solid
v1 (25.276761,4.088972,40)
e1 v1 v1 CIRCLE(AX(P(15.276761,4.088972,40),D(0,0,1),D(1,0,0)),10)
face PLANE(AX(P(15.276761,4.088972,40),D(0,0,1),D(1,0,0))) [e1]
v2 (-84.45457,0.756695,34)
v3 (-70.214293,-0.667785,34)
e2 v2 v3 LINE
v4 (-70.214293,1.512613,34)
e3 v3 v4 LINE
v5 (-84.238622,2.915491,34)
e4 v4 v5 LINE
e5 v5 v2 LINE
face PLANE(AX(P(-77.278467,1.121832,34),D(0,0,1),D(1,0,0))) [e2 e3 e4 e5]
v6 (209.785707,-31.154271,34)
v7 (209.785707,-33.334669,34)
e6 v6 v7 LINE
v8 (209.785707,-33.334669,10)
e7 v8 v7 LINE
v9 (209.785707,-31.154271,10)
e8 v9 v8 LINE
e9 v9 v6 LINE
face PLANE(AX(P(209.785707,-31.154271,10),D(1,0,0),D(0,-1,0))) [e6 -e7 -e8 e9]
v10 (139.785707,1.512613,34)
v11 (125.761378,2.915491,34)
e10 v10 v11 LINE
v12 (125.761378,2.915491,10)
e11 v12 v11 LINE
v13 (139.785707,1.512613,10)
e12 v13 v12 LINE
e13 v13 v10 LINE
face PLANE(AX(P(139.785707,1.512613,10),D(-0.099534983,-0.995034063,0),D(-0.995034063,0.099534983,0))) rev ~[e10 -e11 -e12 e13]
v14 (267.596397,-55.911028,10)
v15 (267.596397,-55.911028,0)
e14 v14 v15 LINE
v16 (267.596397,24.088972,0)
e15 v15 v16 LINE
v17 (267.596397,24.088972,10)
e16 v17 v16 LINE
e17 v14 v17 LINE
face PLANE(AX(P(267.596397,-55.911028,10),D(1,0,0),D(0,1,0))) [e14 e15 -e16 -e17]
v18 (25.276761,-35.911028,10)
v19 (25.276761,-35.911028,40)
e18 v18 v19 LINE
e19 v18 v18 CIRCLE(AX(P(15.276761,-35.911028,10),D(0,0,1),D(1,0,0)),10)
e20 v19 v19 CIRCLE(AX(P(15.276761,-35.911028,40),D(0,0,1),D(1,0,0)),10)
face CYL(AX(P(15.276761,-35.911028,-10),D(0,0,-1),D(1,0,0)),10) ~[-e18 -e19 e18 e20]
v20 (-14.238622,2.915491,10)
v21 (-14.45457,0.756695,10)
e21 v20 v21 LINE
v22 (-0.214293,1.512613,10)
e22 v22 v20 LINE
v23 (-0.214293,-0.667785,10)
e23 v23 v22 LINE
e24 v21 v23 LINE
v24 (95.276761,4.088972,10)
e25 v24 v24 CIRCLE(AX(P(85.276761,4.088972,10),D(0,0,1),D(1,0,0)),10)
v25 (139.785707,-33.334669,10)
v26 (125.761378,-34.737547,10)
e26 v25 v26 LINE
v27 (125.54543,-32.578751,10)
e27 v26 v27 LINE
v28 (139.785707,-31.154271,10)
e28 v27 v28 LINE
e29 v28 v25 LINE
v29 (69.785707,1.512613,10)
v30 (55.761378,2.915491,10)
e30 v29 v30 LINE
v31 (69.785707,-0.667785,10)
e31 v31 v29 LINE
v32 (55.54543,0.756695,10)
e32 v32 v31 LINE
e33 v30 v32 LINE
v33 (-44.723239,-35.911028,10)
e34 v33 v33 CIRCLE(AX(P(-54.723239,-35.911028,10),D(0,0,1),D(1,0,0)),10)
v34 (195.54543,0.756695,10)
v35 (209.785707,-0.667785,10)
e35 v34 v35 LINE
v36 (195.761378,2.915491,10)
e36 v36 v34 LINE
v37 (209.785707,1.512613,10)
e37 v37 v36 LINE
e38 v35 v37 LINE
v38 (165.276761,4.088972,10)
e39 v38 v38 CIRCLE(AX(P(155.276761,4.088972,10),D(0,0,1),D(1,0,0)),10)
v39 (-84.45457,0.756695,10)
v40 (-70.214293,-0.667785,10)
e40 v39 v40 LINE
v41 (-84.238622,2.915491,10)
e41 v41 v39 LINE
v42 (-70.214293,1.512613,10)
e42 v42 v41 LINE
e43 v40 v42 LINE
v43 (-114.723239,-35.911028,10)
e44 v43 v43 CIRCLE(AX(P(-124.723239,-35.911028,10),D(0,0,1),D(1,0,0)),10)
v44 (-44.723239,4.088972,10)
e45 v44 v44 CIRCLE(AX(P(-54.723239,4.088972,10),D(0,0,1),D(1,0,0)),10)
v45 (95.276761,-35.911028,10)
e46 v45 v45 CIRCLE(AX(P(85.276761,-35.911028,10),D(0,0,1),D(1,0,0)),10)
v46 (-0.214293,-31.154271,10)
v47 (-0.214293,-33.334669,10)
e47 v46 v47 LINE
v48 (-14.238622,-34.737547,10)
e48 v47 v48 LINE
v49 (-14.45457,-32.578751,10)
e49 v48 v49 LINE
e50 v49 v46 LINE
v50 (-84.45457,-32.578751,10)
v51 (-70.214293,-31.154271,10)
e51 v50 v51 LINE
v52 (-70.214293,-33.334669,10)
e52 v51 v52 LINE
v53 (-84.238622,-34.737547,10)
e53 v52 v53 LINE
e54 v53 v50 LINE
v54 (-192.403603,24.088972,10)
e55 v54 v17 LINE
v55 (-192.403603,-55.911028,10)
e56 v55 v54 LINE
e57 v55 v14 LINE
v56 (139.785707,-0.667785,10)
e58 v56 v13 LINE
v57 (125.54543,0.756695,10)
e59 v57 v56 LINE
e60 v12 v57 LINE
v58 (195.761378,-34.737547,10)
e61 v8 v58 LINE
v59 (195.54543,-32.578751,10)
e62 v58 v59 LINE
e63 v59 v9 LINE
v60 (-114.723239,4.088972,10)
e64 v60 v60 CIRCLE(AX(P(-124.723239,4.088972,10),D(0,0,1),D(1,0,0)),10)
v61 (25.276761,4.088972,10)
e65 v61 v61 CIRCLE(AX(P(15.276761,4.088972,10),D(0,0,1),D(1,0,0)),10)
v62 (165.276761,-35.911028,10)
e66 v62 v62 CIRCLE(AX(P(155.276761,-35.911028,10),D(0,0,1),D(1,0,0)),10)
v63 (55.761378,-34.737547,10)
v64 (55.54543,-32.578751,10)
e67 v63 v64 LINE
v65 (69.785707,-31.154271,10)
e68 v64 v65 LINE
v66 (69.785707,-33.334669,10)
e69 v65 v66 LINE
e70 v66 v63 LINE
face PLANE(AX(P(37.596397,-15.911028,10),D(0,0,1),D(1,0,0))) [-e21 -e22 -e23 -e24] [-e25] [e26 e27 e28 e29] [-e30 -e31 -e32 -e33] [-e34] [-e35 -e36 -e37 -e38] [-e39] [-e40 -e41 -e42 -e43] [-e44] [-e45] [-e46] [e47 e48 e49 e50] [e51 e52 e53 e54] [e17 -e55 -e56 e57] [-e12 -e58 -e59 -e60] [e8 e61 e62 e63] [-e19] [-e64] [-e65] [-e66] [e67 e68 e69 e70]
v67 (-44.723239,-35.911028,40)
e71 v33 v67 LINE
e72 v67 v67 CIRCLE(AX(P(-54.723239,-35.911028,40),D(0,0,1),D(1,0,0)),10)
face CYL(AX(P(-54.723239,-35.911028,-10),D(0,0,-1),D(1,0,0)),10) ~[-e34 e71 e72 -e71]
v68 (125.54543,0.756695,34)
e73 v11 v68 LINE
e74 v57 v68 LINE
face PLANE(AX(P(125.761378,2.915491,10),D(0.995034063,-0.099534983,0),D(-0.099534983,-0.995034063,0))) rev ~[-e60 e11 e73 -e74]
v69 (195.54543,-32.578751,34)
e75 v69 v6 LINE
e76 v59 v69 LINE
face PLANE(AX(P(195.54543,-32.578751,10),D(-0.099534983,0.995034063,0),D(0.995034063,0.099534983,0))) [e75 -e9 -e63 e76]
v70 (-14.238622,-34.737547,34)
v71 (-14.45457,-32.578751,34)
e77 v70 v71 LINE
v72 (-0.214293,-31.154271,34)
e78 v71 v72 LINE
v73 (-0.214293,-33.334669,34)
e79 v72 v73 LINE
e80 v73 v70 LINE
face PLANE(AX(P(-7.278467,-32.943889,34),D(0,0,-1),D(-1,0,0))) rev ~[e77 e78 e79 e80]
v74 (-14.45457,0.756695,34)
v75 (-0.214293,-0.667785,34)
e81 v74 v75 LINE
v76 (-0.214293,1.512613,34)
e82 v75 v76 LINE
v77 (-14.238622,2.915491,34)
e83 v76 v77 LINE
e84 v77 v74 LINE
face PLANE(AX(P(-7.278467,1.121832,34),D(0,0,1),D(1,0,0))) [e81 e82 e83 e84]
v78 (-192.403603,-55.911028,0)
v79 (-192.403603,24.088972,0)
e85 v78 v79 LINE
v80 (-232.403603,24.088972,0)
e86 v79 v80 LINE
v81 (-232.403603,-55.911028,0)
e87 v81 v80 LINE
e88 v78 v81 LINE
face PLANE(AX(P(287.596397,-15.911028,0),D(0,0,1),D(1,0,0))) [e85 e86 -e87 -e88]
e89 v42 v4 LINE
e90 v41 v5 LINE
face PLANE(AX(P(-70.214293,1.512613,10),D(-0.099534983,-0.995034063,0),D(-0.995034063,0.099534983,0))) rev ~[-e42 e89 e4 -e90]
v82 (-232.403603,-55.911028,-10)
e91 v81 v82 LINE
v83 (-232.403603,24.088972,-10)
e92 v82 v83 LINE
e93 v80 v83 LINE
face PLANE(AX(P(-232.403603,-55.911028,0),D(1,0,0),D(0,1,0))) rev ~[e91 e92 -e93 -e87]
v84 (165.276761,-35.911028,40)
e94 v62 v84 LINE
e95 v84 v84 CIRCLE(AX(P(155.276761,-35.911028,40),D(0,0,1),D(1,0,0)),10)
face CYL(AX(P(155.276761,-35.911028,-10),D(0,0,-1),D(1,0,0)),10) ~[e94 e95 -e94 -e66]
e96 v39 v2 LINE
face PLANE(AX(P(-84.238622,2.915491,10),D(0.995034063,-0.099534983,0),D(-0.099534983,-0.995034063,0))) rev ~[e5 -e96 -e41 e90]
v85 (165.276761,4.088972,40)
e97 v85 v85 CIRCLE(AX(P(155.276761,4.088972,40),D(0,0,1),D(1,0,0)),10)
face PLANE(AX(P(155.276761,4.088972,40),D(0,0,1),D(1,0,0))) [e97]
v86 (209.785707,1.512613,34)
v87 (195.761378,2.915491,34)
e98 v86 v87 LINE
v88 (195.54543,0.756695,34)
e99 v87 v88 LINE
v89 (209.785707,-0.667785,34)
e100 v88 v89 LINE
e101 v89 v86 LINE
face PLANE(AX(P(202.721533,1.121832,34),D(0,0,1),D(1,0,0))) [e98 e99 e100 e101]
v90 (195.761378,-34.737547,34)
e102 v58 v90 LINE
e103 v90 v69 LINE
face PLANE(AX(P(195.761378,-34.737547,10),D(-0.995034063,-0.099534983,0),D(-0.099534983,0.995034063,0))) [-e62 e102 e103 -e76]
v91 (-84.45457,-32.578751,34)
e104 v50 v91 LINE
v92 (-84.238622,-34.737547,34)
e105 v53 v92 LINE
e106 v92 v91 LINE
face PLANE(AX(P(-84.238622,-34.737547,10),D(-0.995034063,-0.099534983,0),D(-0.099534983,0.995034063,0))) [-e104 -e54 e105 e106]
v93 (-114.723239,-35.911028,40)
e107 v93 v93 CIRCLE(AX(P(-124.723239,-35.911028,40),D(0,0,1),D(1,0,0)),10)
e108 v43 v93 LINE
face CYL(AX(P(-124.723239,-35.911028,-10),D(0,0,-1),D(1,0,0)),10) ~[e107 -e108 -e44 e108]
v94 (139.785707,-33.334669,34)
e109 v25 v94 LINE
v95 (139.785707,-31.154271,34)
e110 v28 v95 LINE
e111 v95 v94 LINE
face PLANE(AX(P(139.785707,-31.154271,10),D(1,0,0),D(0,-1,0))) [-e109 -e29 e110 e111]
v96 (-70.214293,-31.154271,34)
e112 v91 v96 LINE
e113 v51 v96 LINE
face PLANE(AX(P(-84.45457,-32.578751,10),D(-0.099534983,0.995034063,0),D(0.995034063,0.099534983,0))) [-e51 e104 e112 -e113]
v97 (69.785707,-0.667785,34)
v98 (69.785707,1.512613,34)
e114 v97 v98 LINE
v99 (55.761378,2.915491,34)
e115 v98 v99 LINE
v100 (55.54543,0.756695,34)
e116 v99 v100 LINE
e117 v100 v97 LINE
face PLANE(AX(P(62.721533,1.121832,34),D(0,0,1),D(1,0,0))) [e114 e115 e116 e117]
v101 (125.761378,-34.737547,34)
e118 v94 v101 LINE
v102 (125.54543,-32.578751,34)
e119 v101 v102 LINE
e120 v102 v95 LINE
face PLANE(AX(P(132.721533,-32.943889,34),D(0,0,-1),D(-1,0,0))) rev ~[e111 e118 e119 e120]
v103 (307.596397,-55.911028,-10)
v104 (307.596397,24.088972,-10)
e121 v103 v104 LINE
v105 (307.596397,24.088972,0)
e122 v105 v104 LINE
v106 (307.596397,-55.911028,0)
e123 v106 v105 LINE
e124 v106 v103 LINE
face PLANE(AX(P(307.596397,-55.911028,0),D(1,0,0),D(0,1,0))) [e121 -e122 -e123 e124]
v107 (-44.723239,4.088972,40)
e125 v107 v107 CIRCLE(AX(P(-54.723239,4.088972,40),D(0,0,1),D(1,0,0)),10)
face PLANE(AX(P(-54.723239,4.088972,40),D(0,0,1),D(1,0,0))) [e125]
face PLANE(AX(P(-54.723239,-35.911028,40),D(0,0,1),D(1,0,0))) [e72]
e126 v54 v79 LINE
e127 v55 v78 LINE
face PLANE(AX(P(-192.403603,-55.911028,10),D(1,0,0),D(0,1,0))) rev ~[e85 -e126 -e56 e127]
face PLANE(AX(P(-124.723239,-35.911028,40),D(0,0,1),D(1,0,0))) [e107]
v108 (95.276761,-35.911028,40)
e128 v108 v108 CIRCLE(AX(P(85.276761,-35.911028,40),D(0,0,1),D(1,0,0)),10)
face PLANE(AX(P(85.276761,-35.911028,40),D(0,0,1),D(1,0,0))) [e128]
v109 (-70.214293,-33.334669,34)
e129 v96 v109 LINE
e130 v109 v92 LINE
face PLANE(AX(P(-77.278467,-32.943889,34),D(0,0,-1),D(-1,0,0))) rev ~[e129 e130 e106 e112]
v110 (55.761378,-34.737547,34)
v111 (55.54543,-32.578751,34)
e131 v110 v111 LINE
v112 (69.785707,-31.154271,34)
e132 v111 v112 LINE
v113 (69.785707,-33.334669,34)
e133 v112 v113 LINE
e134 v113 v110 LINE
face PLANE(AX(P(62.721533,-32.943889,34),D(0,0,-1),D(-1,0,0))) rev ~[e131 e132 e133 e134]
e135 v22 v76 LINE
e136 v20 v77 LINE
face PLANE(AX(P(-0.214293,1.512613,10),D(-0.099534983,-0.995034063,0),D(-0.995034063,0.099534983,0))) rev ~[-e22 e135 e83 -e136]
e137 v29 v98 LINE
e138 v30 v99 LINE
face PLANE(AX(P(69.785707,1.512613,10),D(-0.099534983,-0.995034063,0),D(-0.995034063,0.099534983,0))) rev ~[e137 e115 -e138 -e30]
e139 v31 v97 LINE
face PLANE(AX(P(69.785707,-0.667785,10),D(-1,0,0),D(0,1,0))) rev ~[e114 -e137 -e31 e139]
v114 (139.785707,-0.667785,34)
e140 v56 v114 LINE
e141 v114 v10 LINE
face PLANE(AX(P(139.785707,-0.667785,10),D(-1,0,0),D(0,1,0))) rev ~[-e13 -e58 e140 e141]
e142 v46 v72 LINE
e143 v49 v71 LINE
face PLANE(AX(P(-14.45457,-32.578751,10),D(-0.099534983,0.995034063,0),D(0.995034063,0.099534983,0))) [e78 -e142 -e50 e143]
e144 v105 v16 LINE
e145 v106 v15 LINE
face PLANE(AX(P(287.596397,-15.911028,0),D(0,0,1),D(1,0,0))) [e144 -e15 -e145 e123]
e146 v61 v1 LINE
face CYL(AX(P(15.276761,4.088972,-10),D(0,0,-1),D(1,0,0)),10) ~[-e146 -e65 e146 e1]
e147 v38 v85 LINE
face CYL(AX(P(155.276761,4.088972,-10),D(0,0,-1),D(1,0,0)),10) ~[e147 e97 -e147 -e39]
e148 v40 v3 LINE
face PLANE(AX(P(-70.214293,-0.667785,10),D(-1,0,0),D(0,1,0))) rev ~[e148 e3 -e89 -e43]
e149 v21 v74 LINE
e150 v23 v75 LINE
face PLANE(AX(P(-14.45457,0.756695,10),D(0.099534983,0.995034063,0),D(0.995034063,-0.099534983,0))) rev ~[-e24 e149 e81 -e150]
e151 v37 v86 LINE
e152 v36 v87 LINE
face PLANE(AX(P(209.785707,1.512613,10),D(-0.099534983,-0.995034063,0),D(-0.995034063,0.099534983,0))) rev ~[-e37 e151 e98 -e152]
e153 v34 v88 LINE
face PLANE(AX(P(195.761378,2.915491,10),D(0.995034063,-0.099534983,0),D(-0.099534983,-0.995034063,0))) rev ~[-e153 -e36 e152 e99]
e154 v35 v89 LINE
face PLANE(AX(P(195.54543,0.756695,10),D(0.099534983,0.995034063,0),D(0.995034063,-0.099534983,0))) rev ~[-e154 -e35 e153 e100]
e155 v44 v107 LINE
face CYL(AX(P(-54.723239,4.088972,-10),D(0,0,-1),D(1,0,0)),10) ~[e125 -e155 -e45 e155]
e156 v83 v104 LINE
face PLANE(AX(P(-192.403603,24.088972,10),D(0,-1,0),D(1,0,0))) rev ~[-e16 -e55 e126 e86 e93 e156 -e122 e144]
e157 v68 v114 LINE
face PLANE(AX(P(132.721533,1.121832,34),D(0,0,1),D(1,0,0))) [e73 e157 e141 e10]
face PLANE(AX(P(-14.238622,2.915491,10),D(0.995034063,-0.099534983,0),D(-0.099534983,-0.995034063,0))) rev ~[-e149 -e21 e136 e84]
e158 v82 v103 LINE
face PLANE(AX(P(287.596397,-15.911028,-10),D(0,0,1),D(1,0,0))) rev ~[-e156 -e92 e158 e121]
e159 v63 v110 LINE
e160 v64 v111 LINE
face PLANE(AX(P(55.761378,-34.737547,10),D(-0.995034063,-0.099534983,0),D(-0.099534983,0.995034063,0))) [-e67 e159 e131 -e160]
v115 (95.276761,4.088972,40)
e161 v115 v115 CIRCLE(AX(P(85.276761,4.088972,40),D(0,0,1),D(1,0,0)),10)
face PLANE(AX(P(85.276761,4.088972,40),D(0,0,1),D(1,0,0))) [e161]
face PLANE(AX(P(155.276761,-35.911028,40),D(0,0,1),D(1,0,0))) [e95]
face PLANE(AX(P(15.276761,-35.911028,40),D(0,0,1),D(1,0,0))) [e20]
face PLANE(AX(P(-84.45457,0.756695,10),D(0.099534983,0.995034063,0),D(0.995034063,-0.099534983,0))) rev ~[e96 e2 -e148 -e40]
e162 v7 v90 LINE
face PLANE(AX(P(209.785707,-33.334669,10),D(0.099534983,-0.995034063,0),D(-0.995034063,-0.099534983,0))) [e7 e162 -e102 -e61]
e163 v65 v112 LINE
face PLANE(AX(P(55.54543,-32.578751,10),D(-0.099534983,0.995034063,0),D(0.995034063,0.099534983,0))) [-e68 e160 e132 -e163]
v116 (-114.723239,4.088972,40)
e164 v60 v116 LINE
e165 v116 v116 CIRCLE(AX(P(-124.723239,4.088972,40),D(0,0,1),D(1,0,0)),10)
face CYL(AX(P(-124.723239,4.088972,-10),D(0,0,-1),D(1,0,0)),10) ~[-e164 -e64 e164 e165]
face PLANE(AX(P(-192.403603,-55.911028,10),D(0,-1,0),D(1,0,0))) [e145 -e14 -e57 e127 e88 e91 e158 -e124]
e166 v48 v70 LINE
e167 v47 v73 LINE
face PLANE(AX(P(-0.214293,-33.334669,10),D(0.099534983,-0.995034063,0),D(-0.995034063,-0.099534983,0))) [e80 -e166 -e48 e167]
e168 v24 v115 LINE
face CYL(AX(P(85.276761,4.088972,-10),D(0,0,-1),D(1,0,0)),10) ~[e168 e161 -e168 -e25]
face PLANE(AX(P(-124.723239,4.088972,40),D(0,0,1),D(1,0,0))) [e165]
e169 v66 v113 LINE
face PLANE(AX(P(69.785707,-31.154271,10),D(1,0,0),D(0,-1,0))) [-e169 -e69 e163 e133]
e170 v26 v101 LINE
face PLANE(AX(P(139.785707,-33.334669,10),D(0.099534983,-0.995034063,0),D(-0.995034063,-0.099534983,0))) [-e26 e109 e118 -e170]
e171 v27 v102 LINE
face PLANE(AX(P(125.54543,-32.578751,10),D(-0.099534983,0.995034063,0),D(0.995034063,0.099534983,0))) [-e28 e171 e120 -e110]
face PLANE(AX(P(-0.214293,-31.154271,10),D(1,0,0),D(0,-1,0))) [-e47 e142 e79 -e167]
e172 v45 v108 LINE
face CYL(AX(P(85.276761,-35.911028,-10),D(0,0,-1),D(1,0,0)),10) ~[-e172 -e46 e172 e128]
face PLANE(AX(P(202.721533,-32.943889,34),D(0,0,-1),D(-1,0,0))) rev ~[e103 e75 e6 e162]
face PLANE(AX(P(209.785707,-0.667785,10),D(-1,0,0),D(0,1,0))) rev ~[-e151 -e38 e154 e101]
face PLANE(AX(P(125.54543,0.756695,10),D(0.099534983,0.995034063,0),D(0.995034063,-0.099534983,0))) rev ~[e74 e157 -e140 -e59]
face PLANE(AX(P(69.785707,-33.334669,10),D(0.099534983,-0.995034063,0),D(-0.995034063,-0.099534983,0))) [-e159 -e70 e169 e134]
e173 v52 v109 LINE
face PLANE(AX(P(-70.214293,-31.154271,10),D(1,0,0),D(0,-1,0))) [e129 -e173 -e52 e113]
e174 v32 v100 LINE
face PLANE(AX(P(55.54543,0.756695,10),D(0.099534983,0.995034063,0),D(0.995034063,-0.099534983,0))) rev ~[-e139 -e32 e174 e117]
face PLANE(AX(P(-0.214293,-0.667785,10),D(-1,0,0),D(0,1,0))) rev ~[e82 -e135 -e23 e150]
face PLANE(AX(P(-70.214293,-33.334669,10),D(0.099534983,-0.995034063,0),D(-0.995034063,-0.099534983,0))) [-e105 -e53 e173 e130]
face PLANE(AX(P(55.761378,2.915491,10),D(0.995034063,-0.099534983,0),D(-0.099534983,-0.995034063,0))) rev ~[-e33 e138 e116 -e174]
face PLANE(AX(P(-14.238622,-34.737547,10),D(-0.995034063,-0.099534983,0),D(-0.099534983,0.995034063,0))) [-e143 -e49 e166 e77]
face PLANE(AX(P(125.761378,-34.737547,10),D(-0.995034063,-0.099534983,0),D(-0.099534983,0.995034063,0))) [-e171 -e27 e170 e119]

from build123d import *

# Parameters (mm, degrees)
SKETCH_1_W             = 40
SKETCH_1_H             = 80
SKETCH_1_W_2           = 460
SKETCH_1_R             = 10
EXTRUDE_1_DEPTH        = 10
EXTRUDE_START          = 10
SKETCH_1_3_W           = 460
SKETCH_1_3_H           = 80
SKETCH_1_3_R           = 10
EXTRUDE_2_DEPTH        = 10
EXTRUDE_START_2        = -10
SKETCH_1_4_R           = 10
EXTRUDE_3_DEPTH        = 50
EXTRUDE_4_DEPTH        = 24
PATTERN_LINEAR_2_COUNT = 5
PATTERN_LINEAR_2_PITCH = 70


with BuildPart() as part:
    # 草图1 → 凸台-拉伸1 (new body)
    # profile 1 of 3: a face of its own
    with BuildSketch(Plane.XY):
        with Locations((-212.403603398, -15.911028094)):
            Rectangle(SKETCH_1_W, SKETCH_1_H)
    # profile 2 of 3: a face of its own
    with BuildSketch(Plane.XY):
        with Locations((37.596396602, -15.911028094)):
            Rectangle(SKETCH_1_W_2, SKETCH_1_H)
        with Locations((-124.723239389, -35.911028094)):
            Circle(SKETCH_1_R, mode=Mode.SUBTRACT)
        with Locations((-54.723239389, -35.911028094)):
            Circle(SKETCH_1_R, mode=Mode.SUBTRACT)
        with Locations((15.276760611, -35.911028094)):
            Circle(SKETCH_1_R, mode=Mode.SUBTRACT)
        with Locations((85.276760611, -35.911028094)):
            Circle(SKETCH_1_R, mode=Mode.SUBTRACT)
        with Locations((155.276760611, -35.911028094)):
            Circle(SKETCH_1_R, mode=Mode.SUBTRACT)
        with Locations((-124.723239389, 4.088971906)):
            Circle(SKETCH_1_R, mode=Mode.SUBTRACT)
        with Locations((-54.723239389, 4.088971906)):
            Circle(SKETCH_1_R, mode=Mode.SUBTRACT)
        with Locations((15.276760611, 4.088971906)):
            Circle(SKETCH_1_R, mode=Mode.SUBTRACT)
        with Locations((85.276760611, 4.088971906)):
            Circle(SKETCH_1_R, mode=Mode.SUBTRACT)
        with Locations((155.276760611, 4.088971906)):
            Circle(SKETCH_1_R, mode=Mode.SUBTRACT)
    # profile 3 of 3: a face of its own
    with BuildSketch(Plane.XY):
        with Locations((287.596396602, -15.911028094)):
            Rectangle(SKETCH_1_W, SKETCH_1_H)
    extrude(amount=-EXTRUDE_1_DEPTH)

    # 草图1<3> → 凸台-拉伸2 (add)
    with BuildSketch(Plane.XY.offset(EXTRUDE_START)):
        with Locations((37.596396602, -15.911028094)):
            Rectangle(SKETCH_1_3_W, SKETCH_1_3_H)
        with Locations((-124.723239389, -35.911028094)):
            Circle(SKETCH_1_3_R, mode=Mode.SUBTRACT)
        with Locations((-54.723239389, -35.911028094)):
            Circle(SKETCH_1_3_R, mode=Mode.SUBTRACT)
        with Locations((15.276760611, -35.911028094)):
            Circle(SKETCH_1_3_R, mode=Mode.SUBTRACT)
        with Locations((85.276760611, -35.911028094)):
            Circle(SKETCH_1_3_R, mode=Mode.SUBTRACT)
        with Locations((155.276760611, -35.911028094)):
            Circle(SKETCH_1_3_R, mode=Mode.SUBTRACT)
        with Locations((-124.723239389, 4.088971906)):
            Circle(SKETCH_1_3_R, mode=Mode.SUBTRACT)
        with Locations((-54.723239389, 4.088971906)):
            Circle(SKETCH_1_3_R, mode=Mode.SUBTRACT)
        with Locations((15.276760611, 4.088971906)):
            Circle(SKETCH_1_3_R, mode=Mode.SUBTRACT)
        with Locations((85.276760611, 4.088971906)):
            Circle(SKETCH_1_3_R, mode=Mode.SUBTRACT)
        with Locations((155.276760611, 4.088971906)):
            Circle(SKETCH_1_3_R, mode=Mode.SUBTRACT)
    extrude(amount=-EXTRUDE_2_DEPTH)

    # 草图1<4> → 凸台-拉伸3 (add)
    with BuildSketch(Plane.XY.offset(EXTRUDE_START_2)):
        with Locations((-124.723239389, -35.911028094)):
            Circle(SKETCH_1_4_R)
        with Locations((-124.723239389, 4.088971906)):
            Circle(SKETCH_1_4_R)
        with Locations((-54.723239389, -35.911028094)):
            Circle(SKETCH_1_4_R)
        with Locations((15.276760611, -35.911028094)):
            Circle(SKETCH_1_4_R)
        with Locations((85.276760611, 4.088971906)):
            Circle(SKETCH_1_4_R)
        with Locations((155.276760611, 4.088971906)):
            Circle(SKETCH_1_4_R)
        with Locations((-54.723239389, 4.088971906)):
            Circle(SKETCH_1_4_R)
        with Locations((15.276760611, 4.088971906)):
            Circle(SKETCH_1_4_R)
        with Locations((85.276760611, -35.911028094)):
            Circle(SKETCH_1_4_R)
        with Locations((155.276760611, -35.911028094)):
            Circle(SKETCH_1_4_R)
    extrude(amount=EXTRUDE_3_DEPTH)

    # 草图2 → 凸台-拉伸4 (add)
    with BuildSketch(Plane.XY.offset(10)):
        Polygon((-70.214292819, 1.512613092), (-84.238622357, 2.9154911), (-84.454570484, 0.756694909), (-70.214292819, -0.667784764), align=None)
        Polygon((-70.214292819, -31.154271424), (-70.214292819, -33.334669281), (-84.238622357, -34.737547289), (-84.454570484, -32.578751098), align=None)
    extrude_4 = extrude(amount=EXTRUDE_4_DEPTH)

    # 阵列(线性)2: 凸台-拉伸4 ×5
    with Locations(*[(i * PATTERN_LINEAR_2_PITCH, 0, 0) for i in range(1, PATTERN_LINEAR_2_COUNT)]):
        add(extrude_4)


solid = part.part
